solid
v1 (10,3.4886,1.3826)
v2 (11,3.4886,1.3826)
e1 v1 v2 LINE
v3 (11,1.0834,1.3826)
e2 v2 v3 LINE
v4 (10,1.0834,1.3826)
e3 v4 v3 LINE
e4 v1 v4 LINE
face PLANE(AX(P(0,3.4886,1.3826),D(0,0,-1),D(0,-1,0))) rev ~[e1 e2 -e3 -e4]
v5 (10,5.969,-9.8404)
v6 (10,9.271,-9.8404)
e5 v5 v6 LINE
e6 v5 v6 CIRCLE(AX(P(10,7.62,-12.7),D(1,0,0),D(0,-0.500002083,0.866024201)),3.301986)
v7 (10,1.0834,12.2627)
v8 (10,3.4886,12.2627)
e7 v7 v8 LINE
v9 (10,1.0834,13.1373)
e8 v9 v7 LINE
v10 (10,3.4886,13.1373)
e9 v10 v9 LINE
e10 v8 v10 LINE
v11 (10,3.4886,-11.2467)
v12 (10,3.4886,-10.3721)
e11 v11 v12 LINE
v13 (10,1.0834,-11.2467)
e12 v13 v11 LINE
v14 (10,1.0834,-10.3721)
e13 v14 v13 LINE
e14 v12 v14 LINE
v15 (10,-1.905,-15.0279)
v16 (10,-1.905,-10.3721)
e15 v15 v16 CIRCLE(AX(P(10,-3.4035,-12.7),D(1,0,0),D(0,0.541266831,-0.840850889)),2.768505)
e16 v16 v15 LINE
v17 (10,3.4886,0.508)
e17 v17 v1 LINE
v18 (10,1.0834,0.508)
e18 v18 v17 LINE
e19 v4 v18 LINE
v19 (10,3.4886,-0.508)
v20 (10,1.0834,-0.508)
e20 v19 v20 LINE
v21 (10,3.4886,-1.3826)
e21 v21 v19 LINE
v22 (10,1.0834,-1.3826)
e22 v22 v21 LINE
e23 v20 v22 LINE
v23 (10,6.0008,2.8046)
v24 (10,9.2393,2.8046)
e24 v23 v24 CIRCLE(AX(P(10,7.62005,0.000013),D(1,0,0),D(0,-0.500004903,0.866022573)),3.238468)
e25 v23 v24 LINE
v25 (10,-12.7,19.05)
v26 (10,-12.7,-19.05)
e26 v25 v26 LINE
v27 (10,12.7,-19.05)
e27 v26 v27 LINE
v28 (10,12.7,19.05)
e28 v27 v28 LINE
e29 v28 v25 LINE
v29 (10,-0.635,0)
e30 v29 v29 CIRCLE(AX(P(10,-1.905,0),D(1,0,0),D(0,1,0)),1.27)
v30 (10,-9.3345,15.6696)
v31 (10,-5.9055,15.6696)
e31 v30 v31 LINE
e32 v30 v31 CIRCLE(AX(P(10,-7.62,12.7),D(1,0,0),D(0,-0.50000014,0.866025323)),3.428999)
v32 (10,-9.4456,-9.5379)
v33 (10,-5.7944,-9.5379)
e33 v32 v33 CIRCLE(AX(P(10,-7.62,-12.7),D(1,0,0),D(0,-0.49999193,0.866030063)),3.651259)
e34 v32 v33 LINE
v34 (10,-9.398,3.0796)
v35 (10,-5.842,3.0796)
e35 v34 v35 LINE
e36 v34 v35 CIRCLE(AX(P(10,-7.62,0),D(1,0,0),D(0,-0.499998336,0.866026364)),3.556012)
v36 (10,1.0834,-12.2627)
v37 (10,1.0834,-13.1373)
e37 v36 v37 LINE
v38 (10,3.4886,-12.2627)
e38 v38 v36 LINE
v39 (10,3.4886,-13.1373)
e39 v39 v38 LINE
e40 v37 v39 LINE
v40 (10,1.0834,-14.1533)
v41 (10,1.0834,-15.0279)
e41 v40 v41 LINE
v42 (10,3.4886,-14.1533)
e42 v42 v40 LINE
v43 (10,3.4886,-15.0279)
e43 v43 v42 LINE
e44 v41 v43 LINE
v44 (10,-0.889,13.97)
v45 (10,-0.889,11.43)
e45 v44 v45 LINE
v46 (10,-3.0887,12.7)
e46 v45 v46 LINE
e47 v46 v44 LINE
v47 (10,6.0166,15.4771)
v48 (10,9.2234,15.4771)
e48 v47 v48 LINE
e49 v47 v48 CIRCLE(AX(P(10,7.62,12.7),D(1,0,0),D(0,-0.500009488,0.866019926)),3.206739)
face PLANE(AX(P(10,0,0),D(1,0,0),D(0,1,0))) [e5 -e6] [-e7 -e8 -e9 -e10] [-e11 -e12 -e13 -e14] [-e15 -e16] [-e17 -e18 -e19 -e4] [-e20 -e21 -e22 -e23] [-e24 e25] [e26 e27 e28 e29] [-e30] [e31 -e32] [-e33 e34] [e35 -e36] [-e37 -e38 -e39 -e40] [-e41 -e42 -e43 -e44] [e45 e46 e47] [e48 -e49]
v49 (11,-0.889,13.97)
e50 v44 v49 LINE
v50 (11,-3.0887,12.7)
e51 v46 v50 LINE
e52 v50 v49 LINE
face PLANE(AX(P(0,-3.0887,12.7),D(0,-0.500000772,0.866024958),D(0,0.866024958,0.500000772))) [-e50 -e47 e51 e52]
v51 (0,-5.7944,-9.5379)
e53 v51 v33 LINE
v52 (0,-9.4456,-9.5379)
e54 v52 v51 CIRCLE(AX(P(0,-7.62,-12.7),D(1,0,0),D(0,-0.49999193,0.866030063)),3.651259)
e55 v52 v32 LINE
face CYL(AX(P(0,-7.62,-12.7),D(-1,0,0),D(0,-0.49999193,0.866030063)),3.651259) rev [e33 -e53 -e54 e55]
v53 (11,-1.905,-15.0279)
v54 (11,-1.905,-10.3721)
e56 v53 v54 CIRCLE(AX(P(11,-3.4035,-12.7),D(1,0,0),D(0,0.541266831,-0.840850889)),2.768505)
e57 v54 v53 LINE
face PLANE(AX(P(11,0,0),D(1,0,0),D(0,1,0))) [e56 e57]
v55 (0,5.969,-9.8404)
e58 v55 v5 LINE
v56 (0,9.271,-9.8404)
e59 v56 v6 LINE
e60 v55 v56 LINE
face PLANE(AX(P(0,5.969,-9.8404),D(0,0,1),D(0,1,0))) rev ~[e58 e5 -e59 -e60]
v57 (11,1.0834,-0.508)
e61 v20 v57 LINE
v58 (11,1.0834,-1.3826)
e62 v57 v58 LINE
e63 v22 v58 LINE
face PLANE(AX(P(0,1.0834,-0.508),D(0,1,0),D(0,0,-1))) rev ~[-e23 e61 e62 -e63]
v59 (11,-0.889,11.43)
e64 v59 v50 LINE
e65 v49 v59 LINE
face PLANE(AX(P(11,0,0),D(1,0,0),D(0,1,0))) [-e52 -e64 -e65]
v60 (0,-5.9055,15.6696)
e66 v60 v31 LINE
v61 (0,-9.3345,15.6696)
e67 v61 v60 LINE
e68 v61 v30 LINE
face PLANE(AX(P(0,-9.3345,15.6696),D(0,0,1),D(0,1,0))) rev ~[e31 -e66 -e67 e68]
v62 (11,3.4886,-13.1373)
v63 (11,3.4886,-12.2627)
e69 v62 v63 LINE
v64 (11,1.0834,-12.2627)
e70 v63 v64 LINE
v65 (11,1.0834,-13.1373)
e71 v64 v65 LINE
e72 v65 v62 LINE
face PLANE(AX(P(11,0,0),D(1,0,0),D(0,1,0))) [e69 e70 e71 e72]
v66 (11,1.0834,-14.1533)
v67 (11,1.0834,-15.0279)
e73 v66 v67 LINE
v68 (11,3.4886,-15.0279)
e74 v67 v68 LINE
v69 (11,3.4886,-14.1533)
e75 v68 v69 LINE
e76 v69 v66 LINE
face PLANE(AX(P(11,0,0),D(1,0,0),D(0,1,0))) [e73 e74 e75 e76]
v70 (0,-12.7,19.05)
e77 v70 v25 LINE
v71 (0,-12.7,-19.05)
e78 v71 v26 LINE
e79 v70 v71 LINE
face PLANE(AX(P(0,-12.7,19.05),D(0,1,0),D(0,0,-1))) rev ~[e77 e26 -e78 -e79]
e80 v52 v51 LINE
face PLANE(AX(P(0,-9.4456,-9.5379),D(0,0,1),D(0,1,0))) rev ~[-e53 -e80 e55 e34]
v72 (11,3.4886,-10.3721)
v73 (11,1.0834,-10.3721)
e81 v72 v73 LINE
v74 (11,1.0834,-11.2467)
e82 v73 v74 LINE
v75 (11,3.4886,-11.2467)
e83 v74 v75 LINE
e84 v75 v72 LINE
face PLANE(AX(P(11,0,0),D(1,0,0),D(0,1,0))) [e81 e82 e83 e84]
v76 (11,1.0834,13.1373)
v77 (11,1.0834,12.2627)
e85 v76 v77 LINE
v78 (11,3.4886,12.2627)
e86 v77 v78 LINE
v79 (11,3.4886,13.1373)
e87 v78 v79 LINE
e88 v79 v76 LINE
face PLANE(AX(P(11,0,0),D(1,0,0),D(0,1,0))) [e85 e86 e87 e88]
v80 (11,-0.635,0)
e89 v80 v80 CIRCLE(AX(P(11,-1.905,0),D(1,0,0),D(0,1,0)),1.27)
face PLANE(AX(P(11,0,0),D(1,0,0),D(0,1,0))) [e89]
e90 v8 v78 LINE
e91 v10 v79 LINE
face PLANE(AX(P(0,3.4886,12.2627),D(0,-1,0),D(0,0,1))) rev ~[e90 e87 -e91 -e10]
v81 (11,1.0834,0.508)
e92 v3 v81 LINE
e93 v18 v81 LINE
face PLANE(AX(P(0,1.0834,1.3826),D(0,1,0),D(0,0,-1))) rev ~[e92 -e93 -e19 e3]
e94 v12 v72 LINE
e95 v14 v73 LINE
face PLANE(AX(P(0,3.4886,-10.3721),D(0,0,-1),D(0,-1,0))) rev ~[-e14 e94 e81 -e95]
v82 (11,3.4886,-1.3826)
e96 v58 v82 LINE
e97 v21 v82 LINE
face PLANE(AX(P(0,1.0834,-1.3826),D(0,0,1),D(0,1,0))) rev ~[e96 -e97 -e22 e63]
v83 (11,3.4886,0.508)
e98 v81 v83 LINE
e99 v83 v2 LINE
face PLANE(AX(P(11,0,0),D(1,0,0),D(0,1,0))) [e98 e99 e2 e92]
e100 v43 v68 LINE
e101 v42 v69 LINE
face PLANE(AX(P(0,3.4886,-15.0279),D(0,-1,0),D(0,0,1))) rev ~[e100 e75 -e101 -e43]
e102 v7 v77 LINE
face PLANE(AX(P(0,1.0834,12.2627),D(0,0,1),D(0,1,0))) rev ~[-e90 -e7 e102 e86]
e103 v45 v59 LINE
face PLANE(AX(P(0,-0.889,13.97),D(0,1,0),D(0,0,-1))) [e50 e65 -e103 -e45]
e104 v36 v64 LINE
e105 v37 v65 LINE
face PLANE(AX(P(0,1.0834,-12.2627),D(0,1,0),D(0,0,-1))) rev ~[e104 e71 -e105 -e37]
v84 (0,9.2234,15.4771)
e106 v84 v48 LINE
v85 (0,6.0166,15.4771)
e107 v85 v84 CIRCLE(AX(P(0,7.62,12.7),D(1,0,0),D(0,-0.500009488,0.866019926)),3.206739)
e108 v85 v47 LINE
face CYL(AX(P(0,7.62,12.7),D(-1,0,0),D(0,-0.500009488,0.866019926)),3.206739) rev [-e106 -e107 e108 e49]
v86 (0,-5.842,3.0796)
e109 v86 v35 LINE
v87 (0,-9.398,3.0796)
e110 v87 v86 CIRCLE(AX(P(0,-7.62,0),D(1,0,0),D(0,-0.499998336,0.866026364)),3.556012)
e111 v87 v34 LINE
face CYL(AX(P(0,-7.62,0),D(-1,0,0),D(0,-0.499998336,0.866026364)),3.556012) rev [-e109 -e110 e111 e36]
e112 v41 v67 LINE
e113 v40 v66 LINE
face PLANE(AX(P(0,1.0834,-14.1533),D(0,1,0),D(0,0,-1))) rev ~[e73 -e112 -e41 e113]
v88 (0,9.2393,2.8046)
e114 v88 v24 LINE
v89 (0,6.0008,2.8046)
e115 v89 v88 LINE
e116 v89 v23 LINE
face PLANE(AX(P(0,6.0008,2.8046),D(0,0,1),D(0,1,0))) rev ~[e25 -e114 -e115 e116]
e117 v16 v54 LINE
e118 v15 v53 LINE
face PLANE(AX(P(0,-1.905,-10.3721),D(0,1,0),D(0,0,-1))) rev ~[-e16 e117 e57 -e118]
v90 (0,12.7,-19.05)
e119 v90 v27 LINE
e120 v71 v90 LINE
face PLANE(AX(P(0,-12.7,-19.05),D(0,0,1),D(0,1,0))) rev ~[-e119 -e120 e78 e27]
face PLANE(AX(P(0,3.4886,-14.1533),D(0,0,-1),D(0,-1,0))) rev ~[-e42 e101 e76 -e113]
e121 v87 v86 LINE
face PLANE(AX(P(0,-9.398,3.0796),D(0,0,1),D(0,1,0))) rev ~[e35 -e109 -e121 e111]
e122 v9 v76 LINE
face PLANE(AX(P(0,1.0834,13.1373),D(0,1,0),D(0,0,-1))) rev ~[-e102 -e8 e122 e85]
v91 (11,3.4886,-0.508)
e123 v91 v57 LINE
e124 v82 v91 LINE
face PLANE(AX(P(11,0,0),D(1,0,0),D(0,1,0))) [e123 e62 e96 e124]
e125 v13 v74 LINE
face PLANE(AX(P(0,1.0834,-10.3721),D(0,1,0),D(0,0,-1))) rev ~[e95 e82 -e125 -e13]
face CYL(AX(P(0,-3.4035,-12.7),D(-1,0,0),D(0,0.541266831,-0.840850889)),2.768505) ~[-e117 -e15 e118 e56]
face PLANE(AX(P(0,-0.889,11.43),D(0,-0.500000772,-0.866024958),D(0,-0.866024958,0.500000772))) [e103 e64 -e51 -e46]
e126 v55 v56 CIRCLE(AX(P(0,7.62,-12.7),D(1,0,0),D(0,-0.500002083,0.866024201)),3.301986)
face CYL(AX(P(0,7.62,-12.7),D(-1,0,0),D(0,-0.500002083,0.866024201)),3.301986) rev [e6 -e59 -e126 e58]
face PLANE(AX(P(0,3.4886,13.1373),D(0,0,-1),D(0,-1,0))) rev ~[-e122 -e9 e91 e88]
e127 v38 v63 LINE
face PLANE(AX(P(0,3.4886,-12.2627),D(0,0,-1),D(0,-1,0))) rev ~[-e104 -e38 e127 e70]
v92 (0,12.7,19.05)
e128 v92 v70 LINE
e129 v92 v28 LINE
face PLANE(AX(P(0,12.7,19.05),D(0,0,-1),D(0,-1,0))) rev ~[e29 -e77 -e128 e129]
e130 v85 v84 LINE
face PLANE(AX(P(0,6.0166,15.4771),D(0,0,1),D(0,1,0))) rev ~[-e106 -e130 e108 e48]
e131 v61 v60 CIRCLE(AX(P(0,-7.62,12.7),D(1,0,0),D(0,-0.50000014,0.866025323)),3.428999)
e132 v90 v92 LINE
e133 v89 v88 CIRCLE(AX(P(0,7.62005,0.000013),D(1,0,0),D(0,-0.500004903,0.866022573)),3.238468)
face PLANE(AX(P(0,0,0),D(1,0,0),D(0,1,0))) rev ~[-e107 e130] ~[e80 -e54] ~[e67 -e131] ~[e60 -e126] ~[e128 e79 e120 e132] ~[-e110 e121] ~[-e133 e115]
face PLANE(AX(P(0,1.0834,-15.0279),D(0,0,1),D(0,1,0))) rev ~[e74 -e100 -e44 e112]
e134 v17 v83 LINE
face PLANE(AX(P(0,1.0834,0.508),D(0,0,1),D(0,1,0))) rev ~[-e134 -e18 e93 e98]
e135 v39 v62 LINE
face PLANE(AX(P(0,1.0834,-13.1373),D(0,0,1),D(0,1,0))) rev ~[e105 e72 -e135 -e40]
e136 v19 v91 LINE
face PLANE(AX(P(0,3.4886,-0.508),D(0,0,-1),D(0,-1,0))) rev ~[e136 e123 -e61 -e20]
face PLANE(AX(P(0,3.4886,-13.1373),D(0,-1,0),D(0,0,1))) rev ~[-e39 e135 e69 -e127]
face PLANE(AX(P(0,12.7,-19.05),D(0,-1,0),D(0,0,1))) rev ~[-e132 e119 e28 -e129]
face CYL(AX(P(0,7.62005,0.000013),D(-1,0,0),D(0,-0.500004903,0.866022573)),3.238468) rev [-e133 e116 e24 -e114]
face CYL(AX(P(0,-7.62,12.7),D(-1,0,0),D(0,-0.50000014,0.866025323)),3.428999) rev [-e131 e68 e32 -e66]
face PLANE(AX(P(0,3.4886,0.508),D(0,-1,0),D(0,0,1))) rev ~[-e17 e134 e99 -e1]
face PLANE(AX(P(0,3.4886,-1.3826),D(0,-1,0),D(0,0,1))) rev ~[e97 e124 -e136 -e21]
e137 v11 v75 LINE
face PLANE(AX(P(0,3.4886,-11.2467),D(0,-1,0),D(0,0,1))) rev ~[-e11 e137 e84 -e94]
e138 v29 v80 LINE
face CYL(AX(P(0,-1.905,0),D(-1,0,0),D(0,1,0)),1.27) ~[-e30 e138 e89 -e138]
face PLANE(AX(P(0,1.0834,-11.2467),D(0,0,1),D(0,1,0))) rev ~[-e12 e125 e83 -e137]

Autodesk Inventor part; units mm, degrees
ref_plane "YZ Plane" through (0, 0, 0) normal (1, 0, 0) x (0, 1, 0)
ref_plane "XZ Plane" through (0, 0, 0) normal (0, 1, 0) x (-1, 0, 0)
ref_plane "XY Plane" through (0, 0, 0) normal (0, 0, 1) x (1, 0, 0)
sketch "Sketch1" plane through (0, 0, 0) normal (1, 0, 0) x (0, 1, 0)
  line L0 (12.7, 19.05) -> (-12.7, 19.05)
  line L1 (-12.7, 19.05) -> (-12.7, -19.05)
  line L2 (-12.7, -19.05) -> (12.7, -19.05)
  line L3 (12.7, -19.05) -> (12.7, 19.05)
  line L4 (12.7, 19.05) -> (-12.7, -19.05) construction
  line L5 (-12.7, 19.05) -> (12.7, -19.05) construction
  arc A0 (6.0166, 15.4771) -> (9.2234, 15.4771) centre (7.62, 12.7) ccw
  line L6 (6.0166, 15.4771) -> (9.2234, 15.4771)
  arc A1 (6.0008, 2.8046) -> (9.2393, 2.8046) centre (7.62, 0) ccw
  line L7 (6.0008, 2.8046) -> (9.2393, 2.8046)
  arc A2 (5.969, -9.8404) -> (9.271, -9.8404) centre (7.62, -12.7) ccw
  line L8 (5.969, -9.8404) -> (9.271, -9.8404)
  arc A3 (-9.3345, 15.6696) -> (-5.9055, 15.6696) centre (-7.62, 12.7) ccw
  line L9 (-9.3345, 15.6696) -> (-5.9055, 15.6696)
  arc A4 (-9.398, 3.0796) -> (-5.842, 3.0796) centre (-7.62, 0) ccw
  line L10 (-9.398, 3.0796) -> (-5.842, 3.0796)
  arc A5 (-9.4456, -9.5379) -> (-5.7944, -9.5379) centre (-7.62, -12.7) ccw
  line L11 (-9.4456, -9.5379) -> (-5.7944, -9.5379)
  line L12 (3.4886, 13.1373) -> (1.0834, 13.1373)
  line L13 (1.0834, 13.1373) -> (1.0834, 12.2627)
  line L14 (1.0834, 12.2627) -> (3.4886, 12.2627)
  line L15 (3.4886, 12.2627) -> (3.4886, 13.1373)
  line L16 (3.4886, 13.1373) -> (1.0834, 12.2627) construction
  line L17 (1.0834, 13.1373) -> (3.4886, 12.2627) construction
  line L18 (12.7, 0) -> (-12.7, 0) construction
  line L19 (3.4886, 1.3826) -> (1.0834, 1.3826)
  line L20 (1.0834, 1.3826) -> (1.0834, 0.508)
  line L21 (1.0834, 0.508) -> (3.4886, 0.508)
  line L22 (3.4886, 0.508) -> (3.4886, 1.3826)
  line L23 (3.4886, 1.3826) -> (1.0834, 0.508) construction
  line L24 (1.0834, 1.3826) -> (3.4886, 0.508) construction
  line L25 (3.4886, -0.508) -> (1.0834, -0.508)
  line L26 (1.0834, -0.508) -> (1.0834, -1.3826)
  line L27 (1.0834, -1.3826) -> (3.4886, -1.3826)
  line L28 (3.4886, -1.3826) -> (3.4886, -0.508)
  line L29 (3.4886, -0.508) -> (1.0834, -1.3826) construction
  line L30 (1.0834, -0.508) -> (3.4886, -1.3826) construction
  line L31 (1.0834, -13.1373) -> (3.4886, -13.1373)
  line L32 (3.4886, -12.2627) -> (1.0834, -12.2627)
  line L33 (1.0834, -12.2627) -> (1.0834, -13.1373)
  line L34 (3.4886, -13.1373) -> (3.4886, -12.2627)
  line L35 (3.4886, -12.2627) -> (1.0834, -13.1373) construction
  line L36 (1.0834, -12.2627) -> (3.4886, -13.1373) construction
  line L37 (1.0834, -15.0279) -> (3.4886, -15.0279)
  line L38 (3.4886, -14.1533) -> (1.0834, -14.1533)
  line L39 (1.0834, -14.1533) -> (1.0834, -15.0279)
  line L40 (3.4886, -15.0279) -> (3.4886, -14.1533)
  line L41 (3.4886, -14.1533) -> (1.0834, -15.0279) construction
  line L42 (1.0834, -14.1533) -> (3.4886, -15.0279) construction
  line L43 (3.4886, -10.3721) -> (1.0834, -10.3721)
  line L44 (1.0834, -10.3721) -> (1.0834, -11.2467)
  line L45 (1.0834, -11.2467) -> (3.4886, -11.2467)
  line L46 (3.4886, -11.2467) -> (3.4886, -10.3721)
  line L47 (3.4886, -10.3721) -> (1.0834, -11.2467) construction
  line L48 (1.0834, -10.3721) -> (3.4886, -11.2467) construction
  line L49 (-0.889, 13.97) -> (-0.889, 11.43)
  line L50 (-0.889, 11.43) -> (-3.0887, 12.7)
  line L51 (-3.0887, 12.7) -> (-0.889, 13.97)
  circle A6 centre (-1.905, 0) radius 1.27
  arc A7 (-1.905, -15.0279) -> (-1.905, -10.3721) centre (-3.4035, -12.7) ccw
  line L52 (-1.905, -10.3721) -> (-1.905, -15.0279)
  point P0 (0, 0)
  point P1 (2.286, 12.7)
  point P2 (0, 19.05)
  point P3 (2.286, 0.9453)
  point P4 (2.286, -0.9453)
  point P5 (2.286, -12.7)
  point P6 (2.286, -14.5906)
  point P7 (2.286, -10.8094)
  point P8 (2.286, -12.2627)
  point P9 (2.286, -11.2467)
  point P10 (-0.889, 12.7)
  point P11 (0, 0)
  dimension "d0" = 6.4135
  dimension "d1" = 3.2067
  dimension "d2" = 6.477
  dimension "d3" = 3.2385
  dimension "d4" = 6.604
  dimension "d5" = 3.302
  dimension "d6" = 6.858
  dimension "d7" = 3.429
  dimension "d8" = 7.112
  dimension "d9" = 3.556
  dimension "d10" = 7.3025
  dimension "d11" = 3.6513
  dimension "d12" = 38.1
  dimension "d13" = 6.35
  dimension "d14" = 6.35
  dimension "d15" = 5.08
  dimension "d16" = 25.4
  dimension "d17" = 5.08
  dimension "d18" = 0.8746
  dimension "d19" = 2.4052
  dimension "d20" = 2.286
  dimension "d21" = 0.8746
  dimension "d22" = 2.4052
  dimension "d23" = 0.8746
  dimension "d24" = 2.4052
  dimension "d25" = 0.508
  dimension "d26" = 0.508
  dimension "d27" = 0.8746
  dimension "d28" = 2.4052
  dimension "d29" = 0.8746
  dimension "d30" = 2.4052
  dimension "d31" = 0.8746
  dimension "d32" = 2.4052
  dimension "d33" = 1.016
  dimension "d35" = 1.016
  dimension "d36" = 2.54
  dimension "d38" = 2.54
  dimension "d39" = 2.54
  dimension "d40" = 0.889
  dimension "d41" = 2.54
  dimension "d42" = 1.905
  dimension "d43" = 4.6558
  dimension "d44" = 2.7685
  dimension "d45" = 5.6895
  dimension "d46" = 6.35
extrude "Extrusion1" add sketch "Sketch1" along normal blind 10
extrude "Extrusion2" add sketch "Sketch1" along normal blind 11 contours L15 L14 L13 L12 | L22 L21 L20 L19 | L28 L27 L26 L25 | L33 L32 L34 L31 | L39 L38 L40 L37 | L46 L45 L44 L43 | L49 L50 L51 | A6 | L52 A7
equation "\"d38\" = d36"
equation "\"d39\" = d36"
properties part number "shaft hole tester"
